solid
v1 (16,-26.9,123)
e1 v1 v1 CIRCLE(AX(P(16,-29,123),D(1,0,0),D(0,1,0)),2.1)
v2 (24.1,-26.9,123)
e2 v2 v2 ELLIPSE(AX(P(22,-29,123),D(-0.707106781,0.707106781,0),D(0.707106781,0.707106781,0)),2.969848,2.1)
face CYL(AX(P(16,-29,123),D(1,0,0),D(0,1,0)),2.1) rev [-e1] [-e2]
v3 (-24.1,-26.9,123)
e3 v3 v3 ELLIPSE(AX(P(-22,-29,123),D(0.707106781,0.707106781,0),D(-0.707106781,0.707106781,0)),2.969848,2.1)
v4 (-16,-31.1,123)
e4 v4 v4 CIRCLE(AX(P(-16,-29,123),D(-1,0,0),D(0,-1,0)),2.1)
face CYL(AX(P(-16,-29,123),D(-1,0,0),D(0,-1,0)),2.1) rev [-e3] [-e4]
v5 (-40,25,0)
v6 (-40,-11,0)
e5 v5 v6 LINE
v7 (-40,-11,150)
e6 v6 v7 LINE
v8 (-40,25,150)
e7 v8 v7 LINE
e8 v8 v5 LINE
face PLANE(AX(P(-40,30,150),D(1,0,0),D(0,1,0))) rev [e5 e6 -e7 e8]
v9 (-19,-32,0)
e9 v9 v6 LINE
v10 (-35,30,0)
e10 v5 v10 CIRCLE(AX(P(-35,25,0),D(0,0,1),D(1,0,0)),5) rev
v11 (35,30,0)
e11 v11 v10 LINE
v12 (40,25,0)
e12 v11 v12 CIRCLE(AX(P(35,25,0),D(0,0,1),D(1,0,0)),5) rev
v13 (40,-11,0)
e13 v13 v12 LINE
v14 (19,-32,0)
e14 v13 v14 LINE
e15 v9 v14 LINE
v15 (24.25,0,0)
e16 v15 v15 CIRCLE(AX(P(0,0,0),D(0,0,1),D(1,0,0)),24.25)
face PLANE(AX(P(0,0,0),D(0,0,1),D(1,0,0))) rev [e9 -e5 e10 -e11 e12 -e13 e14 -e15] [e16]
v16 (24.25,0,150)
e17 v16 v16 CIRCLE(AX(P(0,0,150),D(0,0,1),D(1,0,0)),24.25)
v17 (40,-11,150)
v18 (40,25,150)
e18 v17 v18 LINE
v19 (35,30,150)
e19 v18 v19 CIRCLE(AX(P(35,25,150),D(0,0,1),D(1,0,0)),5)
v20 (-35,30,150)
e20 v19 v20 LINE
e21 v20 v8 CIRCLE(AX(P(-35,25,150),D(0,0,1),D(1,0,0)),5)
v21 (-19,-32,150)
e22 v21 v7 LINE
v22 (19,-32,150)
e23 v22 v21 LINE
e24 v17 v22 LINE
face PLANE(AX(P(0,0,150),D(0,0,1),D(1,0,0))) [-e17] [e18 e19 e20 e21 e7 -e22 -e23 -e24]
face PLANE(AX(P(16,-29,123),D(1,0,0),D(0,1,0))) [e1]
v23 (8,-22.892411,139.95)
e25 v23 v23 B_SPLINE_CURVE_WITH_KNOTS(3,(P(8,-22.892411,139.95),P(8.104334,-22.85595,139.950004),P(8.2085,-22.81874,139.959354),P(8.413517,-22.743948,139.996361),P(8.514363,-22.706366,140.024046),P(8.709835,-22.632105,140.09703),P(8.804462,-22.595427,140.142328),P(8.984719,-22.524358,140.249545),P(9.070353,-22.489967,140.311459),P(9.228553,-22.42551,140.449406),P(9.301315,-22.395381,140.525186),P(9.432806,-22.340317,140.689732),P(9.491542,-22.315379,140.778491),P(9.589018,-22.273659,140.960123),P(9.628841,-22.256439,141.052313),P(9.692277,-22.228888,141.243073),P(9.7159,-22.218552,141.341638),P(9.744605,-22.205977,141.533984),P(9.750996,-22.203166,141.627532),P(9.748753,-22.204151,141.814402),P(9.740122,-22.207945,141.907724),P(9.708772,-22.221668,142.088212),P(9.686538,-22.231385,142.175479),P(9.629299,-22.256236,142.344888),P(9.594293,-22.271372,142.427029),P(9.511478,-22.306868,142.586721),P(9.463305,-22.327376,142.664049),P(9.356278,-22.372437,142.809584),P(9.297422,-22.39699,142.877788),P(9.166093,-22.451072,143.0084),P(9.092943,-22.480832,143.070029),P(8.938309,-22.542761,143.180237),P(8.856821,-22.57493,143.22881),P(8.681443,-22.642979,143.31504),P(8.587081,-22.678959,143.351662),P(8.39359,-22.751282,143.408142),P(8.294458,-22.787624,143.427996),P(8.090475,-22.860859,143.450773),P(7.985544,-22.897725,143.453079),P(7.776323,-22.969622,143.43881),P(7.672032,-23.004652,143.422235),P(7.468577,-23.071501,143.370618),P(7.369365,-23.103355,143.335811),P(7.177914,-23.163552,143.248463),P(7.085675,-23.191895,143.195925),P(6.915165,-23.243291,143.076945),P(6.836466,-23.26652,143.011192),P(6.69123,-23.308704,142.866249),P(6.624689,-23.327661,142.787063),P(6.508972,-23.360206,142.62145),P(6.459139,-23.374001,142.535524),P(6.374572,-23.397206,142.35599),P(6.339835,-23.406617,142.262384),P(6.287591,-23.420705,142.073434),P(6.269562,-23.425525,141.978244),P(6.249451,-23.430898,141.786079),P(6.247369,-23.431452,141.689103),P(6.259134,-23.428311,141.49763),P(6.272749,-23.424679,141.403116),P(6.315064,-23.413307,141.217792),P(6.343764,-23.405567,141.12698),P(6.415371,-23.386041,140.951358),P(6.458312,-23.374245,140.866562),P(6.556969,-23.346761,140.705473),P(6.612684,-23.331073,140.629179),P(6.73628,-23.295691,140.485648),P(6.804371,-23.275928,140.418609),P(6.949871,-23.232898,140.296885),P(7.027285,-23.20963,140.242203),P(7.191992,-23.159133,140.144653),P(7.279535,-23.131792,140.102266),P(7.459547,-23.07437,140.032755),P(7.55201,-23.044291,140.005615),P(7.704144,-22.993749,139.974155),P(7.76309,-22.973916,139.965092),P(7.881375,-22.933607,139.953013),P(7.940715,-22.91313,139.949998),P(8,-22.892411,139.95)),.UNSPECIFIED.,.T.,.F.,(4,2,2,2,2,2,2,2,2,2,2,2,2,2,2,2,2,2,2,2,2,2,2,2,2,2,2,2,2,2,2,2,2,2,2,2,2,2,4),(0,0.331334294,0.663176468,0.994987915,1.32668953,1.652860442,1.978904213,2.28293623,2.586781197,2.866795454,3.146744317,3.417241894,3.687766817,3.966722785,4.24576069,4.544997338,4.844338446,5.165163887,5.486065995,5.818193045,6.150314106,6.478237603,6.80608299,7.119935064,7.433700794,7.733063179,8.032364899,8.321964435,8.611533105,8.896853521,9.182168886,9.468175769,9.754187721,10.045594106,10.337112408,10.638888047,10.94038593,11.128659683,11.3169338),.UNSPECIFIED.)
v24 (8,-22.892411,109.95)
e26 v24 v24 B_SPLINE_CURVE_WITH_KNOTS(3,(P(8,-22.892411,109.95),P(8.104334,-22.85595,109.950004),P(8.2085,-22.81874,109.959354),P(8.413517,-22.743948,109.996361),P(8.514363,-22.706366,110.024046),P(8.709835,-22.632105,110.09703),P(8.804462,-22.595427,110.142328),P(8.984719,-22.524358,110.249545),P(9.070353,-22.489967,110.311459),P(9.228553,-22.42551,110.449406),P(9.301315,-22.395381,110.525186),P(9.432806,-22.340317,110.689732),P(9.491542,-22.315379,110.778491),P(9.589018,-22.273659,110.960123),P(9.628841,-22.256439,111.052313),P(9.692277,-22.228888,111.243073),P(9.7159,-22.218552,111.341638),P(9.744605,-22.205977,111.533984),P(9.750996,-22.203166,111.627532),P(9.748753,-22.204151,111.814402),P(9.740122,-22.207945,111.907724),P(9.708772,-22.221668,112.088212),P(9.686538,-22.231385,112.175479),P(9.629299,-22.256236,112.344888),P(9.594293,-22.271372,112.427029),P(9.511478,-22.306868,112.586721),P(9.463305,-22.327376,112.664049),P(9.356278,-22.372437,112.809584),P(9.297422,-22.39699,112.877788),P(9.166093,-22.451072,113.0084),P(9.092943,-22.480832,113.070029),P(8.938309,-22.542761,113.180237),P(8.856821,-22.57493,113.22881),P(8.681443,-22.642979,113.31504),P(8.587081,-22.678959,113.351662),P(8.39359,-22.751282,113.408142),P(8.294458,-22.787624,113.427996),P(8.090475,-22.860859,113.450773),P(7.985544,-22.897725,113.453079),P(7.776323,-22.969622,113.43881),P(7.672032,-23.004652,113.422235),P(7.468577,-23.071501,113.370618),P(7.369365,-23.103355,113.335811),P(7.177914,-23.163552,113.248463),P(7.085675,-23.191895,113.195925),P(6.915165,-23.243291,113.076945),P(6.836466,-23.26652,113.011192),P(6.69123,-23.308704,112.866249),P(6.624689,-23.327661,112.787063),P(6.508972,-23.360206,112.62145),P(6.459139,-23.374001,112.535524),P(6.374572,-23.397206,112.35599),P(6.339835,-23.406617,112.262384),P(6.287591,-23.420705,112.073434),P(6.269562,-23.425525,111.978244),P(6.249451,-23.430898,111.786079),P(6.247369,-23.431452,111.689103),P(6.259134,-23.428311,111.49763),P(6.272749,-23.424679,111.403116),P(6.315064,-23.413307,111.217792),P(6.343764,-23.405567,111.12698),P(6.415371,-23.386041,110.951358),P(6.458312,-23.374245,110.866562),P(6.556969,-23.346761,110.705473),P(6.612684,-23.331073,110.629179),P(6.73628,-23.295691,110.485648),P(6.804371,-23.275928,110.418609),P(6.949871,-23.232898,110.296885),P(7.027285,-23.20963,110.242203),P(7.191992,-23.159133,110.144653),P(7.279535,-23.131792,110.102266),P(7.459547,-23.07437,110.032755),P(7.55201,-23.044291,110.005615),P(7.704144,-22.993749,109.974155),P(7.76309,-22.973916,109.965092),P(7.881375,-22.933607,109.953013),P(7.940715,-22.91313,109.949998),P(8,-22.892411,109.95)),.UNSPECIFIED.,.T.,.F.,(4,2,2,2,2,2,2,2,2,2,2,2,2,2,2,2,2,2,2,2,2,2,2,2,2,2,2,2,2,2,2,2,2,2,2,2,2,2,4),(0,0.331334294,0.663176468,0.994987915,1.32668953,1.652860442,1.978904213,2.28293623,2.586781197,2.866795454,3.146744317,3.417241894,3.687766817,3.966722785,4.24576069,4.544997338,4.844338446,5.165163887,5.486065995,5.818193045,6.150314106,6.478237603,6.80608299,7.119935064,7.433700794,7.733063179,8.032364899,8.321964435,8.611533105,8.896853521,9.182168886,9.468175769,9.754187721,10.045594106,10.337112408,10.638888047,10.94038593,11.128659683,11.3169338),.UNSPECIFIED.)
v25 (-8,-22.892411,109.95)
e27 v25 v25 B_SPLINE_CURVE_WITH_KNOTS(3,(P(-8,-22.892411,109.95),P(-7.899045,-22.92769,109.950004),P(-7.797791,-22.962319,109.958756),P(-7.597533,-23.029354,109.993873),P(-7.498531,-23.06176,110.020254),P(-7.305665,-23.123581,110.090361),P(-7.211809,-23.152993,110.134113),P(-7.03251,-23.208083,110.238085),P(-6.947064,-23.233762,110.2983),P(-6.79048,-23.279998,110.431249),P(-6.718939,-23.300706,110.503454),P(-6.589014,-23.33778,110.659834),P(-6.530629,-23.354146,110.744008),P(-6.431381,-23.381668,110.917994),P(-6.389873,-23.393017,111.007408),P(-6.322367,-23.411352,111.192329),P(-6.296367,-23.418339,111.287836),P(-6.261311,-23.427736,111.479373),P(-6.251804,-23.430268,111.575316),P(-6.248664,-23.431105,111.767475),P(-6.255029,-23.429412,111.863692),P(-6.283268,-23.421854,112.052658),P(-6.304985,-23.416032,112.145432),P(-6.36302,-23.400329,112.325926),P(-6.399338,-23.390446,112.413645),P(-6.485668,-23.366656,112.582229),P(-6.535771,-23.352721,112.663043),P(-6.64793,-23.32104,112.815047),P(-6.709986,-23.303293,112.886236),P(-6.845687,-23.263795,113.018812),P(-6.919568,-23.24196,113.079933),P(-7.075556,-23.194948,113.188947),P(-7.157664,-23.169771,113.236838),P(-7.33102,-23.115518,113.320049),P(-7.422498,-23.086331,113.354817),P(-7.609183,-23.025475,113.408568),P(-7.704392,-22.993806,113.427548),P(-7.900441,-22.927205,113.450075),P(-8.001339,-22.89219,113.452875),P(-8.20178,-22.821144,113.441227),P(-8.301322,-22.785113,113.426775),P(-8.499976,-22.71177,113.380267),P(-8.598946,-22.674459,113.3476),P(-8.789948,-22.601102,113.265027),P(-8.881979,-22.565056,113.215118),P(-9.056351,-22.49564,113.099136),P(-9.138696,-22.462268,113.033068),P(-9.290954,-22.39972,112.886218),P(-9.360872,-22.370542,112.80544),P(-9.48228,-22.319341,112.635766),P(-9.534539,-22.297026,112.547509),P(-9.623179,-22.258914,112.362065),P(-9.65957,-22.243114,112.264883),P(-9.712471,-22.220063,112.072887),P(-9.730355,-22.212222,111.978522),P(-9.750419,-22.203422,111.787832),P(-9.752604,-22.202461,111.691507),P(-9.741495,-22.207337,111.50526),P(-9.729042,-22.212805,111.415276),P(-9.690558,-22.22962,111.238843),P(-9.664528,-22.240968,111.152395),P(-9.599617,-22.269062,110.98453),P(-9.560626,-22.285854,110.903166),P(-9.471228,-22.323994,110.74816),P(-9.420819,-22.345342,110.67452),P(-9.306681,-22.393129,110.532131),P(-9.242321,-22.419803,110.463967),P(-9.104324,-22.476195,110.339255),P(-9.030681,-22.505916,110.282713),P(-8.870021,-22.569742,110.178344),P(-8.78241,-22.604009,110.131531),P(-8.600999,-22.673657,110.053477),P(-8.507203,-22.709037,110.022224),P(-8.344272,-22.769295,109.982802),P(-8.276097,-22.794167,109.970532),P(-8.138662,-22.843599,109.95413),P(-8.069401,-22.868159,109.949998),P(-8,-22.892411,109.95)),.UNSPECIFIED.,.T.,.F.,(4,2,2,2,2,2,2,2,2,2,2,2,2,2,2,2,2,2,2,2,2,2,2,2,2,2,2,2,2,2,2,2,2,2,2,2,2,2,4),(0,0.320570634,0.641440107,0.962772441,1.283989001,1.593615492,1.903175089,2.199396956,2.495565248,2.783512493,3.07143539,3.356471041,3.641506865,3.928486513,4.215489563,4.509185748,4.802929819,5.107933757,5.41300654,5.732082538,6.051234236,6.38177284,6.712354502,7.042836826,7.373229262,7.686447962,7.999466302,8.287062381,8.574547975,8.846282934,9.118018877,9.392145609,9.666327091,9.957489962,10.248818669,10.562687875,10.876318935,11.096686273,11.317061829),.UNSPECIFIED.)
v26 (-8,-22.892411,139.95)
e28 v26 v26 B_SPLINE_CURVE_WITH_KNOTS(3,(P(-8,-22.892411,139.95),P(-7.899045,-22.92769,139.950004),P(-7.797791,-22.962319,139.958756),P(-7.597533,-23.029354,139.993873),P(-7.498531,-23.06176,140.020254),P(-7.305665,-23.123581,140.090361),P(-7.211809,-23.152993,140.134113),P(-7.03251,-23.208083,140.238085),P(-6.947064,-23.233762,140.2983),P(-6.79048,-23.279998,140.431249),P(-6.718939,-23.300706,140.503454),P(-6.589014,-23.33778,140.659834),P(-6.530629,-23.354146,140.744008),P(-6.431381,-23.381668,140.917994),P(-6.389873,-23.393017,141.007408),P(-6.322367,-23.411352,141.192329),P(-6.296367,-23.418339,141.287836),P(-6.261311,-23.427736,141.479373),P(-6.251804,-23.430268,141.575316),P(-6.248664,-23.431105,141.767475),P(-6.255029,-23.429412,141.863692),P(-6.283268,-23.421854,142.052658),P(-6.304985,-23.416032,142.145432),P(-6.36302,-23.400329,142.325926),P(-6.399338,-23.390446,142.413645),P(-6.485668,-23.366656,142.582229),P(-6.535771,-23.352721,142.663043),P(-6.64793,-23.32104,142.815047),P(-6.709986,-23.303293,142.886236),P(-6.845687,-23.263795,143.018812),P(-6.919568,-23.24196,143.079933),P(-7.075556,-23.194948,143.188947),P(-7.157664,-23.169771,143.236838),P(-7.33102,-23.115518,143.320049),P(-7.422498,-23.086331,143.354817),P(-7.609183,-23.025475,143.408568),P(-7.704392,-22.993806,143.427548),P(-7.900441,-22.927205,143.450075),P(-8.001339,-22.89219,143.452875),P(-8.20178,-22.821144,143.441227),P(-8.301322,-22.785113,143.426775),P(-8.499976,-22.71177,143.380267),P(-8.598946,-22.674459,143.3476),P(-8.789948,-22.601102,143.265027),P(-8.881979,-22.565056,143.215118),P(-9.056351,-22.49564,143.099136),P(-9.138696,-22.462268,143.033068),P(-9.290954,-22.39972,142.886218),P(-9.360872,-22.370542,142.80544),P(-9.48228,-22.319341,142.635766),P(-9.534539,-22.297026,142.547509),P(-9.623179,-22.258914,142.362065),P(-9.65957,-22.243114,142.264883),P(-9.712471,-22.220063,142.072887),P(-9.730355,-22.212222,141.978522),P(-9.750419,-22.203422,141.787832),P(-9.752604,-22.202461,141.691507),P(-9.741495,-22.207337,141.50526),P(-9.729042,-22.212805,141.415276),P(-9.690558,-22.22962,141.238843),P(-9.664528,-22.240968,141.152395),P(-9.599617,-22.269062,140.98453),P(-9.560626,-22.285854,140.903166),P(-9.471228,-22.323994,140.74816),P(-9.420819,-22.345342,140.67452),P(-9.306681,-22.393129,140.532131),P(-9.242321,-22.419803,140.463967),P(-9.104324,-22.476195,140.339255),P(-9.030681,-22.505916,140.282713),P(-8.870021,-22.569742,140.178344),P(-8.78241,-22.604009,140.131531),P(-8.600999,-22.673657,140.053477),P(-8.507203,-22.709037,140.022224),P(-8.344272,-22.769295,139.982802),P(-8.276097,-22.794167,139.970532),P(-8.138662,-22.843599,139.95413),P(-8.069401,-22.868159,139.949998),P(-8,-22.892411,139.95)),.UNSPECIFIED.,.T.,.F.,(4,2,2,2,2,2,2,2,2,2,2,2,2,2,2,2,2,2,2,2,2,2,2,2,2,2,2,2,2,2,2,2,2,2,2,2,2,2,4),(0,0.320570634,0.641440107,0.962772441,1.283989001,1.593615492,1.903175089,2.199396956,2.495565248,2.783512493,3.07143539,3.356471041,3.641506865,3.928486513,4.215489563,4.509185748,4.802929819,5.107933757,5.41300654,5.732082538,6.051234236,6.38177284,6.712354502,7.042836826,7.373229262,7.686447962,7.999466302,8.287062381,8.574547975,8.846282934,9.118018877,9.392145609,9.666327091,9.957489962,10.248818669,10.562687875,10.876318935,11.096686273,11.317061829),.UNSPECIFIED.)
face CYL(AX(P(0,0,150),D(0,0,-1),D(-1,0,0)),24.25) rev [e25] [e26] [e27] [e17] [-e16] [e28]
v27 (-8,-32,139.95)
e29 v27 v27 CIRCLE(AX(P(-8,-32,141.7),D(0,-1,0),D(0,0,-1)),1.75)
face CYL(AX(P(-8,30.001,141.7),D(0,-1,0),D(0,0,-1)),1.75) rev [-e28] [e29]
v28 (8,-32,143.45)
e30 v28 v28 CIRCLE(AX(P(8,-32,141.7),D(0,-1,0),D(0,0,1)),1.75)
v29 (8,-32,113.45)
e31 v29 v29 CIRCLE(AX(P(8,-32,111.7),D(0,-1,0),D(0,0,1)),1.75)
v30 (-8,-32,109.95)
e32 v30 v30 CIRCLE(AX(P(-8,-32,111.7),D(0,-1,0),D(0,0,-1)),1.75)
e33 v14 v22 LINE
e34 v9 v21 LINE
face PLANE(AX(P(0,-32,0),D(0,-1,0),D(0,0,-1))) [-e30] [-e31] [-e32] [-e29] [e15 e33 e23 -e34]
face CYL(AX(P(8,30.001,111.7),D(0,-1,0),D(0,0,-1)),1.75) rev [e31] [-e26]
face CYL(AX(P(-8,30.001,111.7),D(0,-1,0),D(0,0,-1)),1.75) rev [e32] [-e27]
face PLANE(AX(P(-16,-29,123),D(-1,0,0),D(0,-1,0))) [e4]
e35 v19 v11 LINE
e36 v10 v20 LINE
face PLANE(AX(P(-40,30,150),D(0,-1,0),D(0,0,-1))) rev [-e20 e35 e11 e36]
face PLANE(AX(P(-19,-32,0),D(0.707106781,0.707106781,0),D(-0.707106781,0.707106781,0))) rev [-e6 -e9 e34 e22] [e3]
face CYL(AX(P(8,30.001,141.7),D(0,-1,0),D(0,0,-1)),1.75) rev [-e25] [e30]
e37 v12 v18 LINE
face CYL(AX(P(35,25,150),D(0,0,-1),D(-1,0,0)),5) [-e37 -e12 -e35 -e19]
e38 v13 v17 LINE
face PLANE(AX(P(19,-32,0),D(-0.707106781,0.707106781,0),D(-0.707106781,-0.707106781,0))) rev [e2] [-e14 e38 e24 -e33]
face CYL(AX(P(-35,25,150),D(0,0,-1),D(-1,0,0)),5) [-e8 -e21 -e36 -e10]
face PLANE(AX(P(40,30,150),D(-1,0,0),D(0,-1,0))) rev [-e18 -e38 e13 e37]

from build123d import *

# Parameters (mm, degrees)
SKETCH1_W               = 80
SKETCH1_H               = 60
SKETCH1_R               = 24.25
BOSS_EXTRUDE1_DEPTH     = 150
SKETCH2_W               = 80
SKETCH2_H               = 150
BOSS_EXTRUDE2_DEPTH     = 2
CUT_EXTRUDE1_DEPTH      = 159.505520409
SKETCH4_R               = 2.1
CUT_EXTRUDE2_DEPTH      = 24
CUT_EXTRUDE3_START      = -24
SKETCH5_R               = 2.1
CUT_EXTRUDE3_DEPTH      = 24
CUT_EXTRUDE4_REACH      = 169.165
CUT_EXTRUDE4_END_RADIUS = 24.25
SKETCH6_R               = 1.75
FILLET1_R               = 5


with BuildPart() as part:
    # Sketch1 → Boss-Extrude1 (new body)
    with BuildSketch(Plane.XY):
        Rectangle(SKETCH1_W, SKETCH1_H)
        Circle(SKETCH1_R, mode=Mode.SUBTRACT)
    extrude(amount=BOSS_EXTRUDE1_DEPTH)

    # Sketch2 → Boss-Extrude2 (add)
    with BuildSketch(Plane.XZ.offset(30)):
        with Locations((0, 75)):
            Rectangle(SKETCH2_W, SKETCH2_H)
    extrude(amount=BOSS_EXTRUDE2_DEPTH)

    # Sketch3 → Cut-Extrude1 (cut, through all)
    with BuildSketch(Plane.XY.offset(150)):
        Polygon((-40, -11), (-40, -32), (-19, -32), align=None)
        Polygon((19, -32), (40, -11), (40, -32), align=None)
    extrude(amount=-CUT_EXTRUDE1_DEPTH, mode=Mode.SUBTRACT)

    # Sketch4 → Cut-Extrude2 (cut)
    with BuildSketch(Plane(origin=(40, 0, 0), x_dir=(0, 0, -1), z_dir=(1, 0, 0))):
        with Locations(Location((-123, -29, 0), (0, 0, 90))):
            Circle(SKETCH4_R)
    extrude(amount=-CUT_EXTRUDE2_DEPTH, mode=Mode.SUBTRACT)

    # Sketch5 → Cut-Extrude3 (cut)
    with BuildSketch(Plane.ZY.offset(40).offset(CUT_EXTRUDE3_START)):
        with Locations(Location((123, -29, 0), (0, 0, 90))):
            Circle(SKETCH5_R)
    extrude(amount=CUT_EXTRUDE3_DEPTH, mode=Mode.SUBTRACT)

    # Cut-Extrude4: up to this cylinder (the profile starts outside it)
    cut_extrude4_end = Plane(origin=(0, 0, 126.7), z_dir=(0, 0, -1)) * Cylinder(CUT_EXTRUDE4_END_RADIUS, 417.83, mode=Mode.PRIVATE)
    # Sketch6 → Cut-Extrude4 (cut, up to the surface)
    with BuildSketch(Plane.XZ.offset(32), mode=Mode.PRIVATE) as cut_extrude4_sk1:
        with Locations(Location((-8, 141.7, 0), (0, 0, 270))):
            Circle(SKETCH6_R)
    cut_extrude4_tool1 = extrude(cut_extrude4_sk1.sketch, amount=-CUT_EXTRUDE4_REACH, mode=Mode.PRIVATE) - cut_extrude4_end
    add(cut_extrude4_tool1.solids().sort_by_distance((-8, -32, 141.7))[0], mode=Mode.SUBTRACT)
    # Sketch6 → Cut-Extrude4 (cut, up to the surface)
    with BuildSketch(Plane.XZ.offset(32), mode=Mode.PRIVATE) as cut_extrude4_sk2:
        with Locations(Location((-8, 111.7, 0), (0, 0, 270))):
            Circle(SKETCH6_R)
    cut_extrude4_tool2 = extrude(cut_extrude4_sk2.sketch, amount=-CUT_EXTRUDE4_REACH, mode=Mode.PRIVATE) - cut_extrude4_end
    add(cut_extrude4_tool2.solids().sort_by_distance((-8, -32, 111.7))[0], mode=Mode.SUBTRACT)
    # Sketch6 → Cut-Extrude4 (cut, up to the surface)
    with BuildSketch(Plane.XZ.offset(32), mode=Mode.PRIVATE) as cut_extrude4_sk3:
        with Locations(Location((8, 111.7, 0), (0, 0, 270))):
            Circle(SKETCH6_R)
    cut_extrude4_tool3 = extrude(cut_extrude4_sk3.sketch, amount=-CUT_EXTRUDE4_REACH, mode=Mode.PRIVATE) - cut_extrude4_end
    add(cut_extrude4_tool3.solids().sort_by_distance((8, -32, 111.7))[0], mode=Mode.SUBTRACT)
    # Sketch6 → Cut-Extrude4 (cut, up to the surface)
    with BuildSketch(Plane.XZ.offset(32), mode=Mode.PRIVATE) as cut_extrude4_sk4:
        with Locations(Location((8, 141.7, 0), (0, 0, 270))):
            Circle(SKETCH6_R)
    cut_extrude4_tool4 = extrude(cut_extrude4_sk4.sketch, amount=-CUT_EXTRUDE4_REACH, mode=Mode.PRIVATE) - cut_extrude4_end
    add(cut_extrude4_tool4.solids().sort_by_distance((8, -32, 141.7))[0], mode=Mode.SUBTRACT)

    # Fillet1
    fillet1_edges = [part.edges().sort_by_distance(p)[0] for p in [
        (-40, 30, 75),
        (40, 30, 75),
    ]]
    fillet(fillet1_edges, radius=FILLET1_R)


solid = part.part
